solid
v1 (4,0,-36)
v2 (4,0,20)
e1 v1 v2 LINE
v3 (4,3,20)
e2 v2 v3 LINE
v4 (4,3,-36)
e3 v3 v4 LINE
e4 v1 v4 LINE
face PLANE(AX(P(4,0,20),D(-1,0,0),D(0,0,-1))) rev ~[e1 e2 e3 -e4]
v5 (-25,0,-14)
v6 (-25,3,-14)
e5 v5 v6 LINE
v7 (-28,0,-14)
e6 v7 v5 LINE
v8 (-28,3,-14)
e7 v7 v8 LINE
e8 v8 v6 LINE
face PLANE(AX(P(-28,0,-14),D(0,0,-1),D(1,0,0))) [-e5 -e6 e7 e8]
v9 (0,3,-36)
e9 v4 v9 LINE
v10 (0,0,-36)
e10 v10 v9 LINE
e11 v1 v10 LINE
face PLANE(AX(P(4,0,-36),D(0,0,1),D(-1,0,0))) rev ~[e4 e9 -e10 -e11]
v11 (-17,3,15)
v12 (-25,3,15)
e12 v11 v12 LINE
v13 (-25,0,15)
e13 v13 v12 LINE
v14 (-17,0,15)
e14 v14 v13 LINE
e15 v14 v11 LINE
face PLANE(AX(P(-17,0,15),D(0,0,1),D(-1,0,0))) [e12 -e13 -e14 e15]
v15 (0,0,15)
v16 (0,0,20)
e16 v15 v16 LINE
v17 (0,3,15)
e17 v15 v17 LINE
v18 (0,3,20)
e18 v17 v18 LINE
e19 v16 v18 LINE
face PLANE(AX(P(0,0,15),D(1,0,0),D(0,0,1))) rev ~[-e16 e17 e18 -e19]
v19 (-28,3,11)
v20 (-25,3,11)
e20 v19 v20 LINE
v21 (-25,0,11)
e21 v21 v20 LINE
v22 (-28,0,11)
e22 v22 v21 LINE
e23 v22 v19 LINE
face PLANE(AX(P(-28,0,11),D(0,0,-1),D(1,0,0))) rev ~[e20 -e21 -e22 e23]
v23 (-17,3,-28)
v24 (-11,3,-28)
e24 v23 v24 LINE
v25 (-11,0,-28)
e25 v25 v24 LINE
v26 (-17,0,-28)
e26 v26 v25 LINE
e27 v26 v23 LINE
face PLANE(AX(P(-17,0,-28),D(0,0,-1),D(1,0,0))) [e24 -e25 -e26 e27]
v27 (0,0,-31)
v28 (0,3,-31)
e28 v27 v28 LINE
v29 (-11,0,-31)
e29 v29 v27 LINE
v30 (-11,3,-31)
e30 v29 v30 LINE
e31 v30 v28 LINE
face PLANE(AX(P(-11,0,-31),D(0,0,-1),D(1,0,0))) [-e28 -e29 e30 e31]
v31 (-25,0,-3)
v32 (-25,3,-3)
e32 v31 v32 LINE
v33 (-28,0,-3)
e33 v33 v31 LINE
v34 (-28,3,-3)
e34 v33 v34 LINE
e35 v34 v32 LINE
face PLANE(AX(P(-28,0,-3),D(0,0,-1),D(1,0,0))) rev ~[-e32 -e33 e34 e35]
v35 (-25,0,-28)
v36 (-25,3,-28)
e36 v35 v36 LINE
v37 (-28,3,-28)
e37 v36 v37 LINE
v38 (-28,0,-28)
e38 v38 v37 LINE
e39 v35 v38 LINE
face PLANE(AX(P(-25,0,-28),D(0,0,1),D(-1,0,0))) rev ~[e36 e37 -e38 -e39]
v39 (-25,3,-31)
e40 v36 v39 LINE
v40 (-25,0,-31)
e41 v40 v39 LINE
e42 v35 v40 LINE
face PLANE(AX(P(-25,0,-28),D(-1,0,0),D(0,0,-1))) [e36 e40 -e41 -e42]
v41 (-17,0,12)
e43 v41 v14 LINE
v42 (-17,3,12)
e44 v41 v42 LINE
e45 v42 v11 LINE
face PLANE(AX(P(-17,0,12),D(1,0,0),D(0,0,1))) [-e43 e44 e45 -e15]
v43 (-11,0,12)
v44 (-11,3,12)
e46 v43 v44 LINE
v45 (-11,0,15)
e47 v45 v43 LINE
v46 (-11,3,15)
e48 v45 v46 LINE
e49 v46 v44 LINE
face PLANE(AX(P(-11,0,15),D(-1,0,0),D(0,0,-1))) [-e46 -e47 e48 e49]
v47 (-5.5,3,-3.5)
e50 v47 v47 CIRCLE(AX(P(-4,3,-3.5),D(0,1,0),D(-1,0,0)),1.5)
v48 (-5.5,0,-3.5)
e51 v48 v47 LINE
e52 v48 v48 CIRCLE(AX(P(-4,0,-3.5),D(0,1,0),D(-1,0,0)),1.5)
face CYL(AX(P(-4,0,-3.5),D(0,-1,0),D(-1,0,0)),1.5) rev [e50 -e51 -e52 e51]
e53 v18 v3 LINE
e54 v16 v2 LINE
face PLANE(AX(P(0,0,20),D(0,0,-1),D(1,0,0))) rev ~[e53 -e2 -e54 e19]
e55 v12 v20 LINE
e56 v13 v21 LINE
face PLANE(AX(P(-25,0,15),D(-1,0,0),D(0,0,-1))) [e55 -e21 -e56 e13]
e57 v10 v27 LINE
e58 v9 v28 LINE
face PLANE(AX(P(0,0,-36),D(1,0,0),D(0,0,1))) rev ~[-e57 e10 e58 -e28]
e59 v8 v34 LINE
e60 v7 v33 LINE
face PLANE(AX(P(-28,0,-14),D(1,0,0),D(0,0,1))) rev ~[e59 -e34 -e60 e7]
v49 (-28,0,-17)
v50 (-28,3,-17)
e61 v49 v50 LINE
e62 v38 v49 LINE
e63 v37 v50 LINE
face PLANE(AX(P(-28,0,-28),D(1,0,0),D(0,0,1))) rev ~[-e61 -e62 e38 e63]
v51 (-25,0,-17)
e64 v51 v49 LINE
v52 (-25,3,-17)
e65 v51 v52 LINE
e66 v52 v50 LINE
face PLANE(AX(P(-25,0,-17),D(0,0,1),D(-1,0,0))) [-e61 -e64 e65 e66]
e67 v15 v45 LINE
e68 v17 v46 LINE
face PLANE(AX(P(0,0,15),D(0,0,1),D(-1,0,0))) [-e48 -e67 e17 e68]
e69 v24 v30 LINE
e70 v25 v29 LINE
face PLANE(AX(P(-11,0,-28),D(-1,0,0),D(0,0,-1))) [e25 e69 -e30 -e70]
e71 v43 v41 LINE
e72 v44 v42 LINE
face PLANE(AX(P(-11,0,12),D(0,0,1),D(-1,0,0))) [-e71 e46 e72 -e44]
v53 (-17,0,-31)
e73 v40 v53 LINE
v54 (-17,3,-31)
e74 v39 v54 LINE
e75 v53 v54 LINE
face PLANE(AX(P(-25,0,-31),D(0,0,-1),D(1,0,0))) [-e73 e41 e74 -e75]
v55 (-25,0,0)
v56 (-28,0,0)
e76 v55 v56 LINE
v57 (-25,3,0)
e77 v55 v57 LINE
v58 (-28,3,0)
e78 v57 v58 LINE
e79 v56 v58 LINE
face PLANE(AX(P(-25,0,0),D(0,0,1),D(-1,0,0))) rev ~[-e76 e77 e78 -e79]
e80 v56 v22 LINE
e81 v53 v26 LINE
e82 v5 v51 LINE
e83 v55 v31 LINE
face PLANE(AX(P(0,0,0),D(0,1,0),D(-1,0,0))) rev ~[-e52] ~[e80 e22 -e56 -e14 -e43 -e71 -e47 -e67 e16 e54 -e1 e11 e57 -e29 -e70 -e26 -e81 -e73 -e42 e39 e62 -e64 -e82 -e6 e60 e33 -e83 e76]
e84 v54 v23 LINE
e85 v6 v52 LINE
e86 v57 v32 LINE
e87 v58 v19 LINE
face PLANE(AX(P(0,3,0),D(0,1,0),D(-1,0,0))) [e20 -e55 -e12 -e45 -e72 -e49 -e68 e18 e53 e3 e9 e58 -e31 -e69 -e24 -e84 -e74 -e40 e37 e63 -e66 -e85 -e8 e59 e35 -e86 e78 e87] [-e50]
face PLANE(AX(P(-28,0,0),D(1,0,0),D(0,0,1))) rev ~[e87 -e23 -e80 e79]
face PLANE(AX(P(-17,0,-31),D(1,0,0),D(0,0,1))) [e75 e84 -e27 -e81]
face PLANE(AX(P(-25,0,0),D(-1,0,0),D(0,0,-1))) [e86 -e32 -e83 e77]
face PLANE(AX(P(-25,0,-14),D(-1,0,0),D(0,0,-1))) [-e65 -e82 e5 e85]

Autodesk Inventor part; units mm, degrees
ref_plane "YZ Plane" through (0, 0, 0) normal (1, 0, 0) x (0, 1, 0)
ref_plane "XZ Plane" through (0, 0, 0) normal (0, 1, 0) x (-1, 0, 0)
ref_plane "XY Plane" through (0, 0, 0) normal (0, 0, 1) x (1, 0, 0)
sketch "草圖3" plane through (0, 0, 0) normal (0, 1, 0) x (-1, 0, 0)
  line L0 (0, 0) -> (25, 0)
  line L1 (25, 0) -> (25, -31)
  line L2 (25, -31) -> (0, -31)
  line L3 (0, -31) -> (0, 0)
  circle A0 centre (4, -3.5) radius 1.5
  line L4 (28, -3) -> (25, -3)
  line L5 (25, -3) -> (25, -28)
  line L6 (25, -28) -> (28, -28)
  line L7 (28, -28) -> (28, -3)
  line L8 (28, -14) -> (25, -14)
  line L9 (25, -14) -> (25, -17)
  line L10 (25, -17) -> (28, -17)
  line L11 (28, -17) -> (28, -14)
  line L12 (25, 0) -> (0, 0)
  line L13 (0, 0) -> (0, 15)
  line L14 (0, 15) -> (25, 15)
  line L15 (25, 15) -> (25, 0)
  line L16 (28, 11) -> (25, 11)
  line L17 (25, 11) -> (25, 0)
  line L18 (25, 0) -> (28, 0)
  line L19 (28, 0) -> (28, 11)
  line L20 (0, 15) -> (0, 20)
  line L21 (0, 20) -> (-4, 20)
  line L22 (-4, 20) -> (-4, -31)
  line L23 (-4, -31) -> (-4, -36)
  line L24 (-4, -36) -> (0, -36)
  line L25 (0, -36) -> (0, -31)
  line L26 (17, 15) -> (11, 15)
  line L27 (11, 15) -> (11, 12)
  line L28 (11, 12) -> (17, 12)
  line L29 (17, 12) -> (17, 15)
  line L30 (17, -28) -> (11, -28)
  line L31 (11, -28) -> (11, -31)
  line L32 (11, -31) -> (17, -31)
  line L33 (17, -31) -> (17, -28)
  point P0 (25, -15.5)
  point P1 (25, -15.5)
  point P2 (17, -31)
  dimension "d20" = 25
  dimension "d24" = 27.5
  dimension "d25" = 21
  dimension "d26" = 3
  dimension "d27" = 3
  dimension "d28" = 3
  dimension "d29" = 3
  dimension "d30" = 3
  dimension "d31" = 3
  dimension "d33" = 3
  dimension "d34" = 11
  dimension "d35" = 5
  dimension "d36" = 4
  dimension "d37" = 5
  dimension "d38" = 3
  dimension "d39" = 6
  dimension "d40" = 3
  dimension "d41" = 8
extrude "擠出4" add sketch "草圖3" along normal blind 3 contours L13 L14 L27 L28 L29 L15 L0 | L0 L1 L2 L33 L30 L31 L3 | L3 L25 L24 L23 L22 L21 L20 L13 | L15 L16 L19 L18 | L4 L7 L8 L1 | L10 L7 L6 L1
properties material "MDF Medium Density Fiberboard"
